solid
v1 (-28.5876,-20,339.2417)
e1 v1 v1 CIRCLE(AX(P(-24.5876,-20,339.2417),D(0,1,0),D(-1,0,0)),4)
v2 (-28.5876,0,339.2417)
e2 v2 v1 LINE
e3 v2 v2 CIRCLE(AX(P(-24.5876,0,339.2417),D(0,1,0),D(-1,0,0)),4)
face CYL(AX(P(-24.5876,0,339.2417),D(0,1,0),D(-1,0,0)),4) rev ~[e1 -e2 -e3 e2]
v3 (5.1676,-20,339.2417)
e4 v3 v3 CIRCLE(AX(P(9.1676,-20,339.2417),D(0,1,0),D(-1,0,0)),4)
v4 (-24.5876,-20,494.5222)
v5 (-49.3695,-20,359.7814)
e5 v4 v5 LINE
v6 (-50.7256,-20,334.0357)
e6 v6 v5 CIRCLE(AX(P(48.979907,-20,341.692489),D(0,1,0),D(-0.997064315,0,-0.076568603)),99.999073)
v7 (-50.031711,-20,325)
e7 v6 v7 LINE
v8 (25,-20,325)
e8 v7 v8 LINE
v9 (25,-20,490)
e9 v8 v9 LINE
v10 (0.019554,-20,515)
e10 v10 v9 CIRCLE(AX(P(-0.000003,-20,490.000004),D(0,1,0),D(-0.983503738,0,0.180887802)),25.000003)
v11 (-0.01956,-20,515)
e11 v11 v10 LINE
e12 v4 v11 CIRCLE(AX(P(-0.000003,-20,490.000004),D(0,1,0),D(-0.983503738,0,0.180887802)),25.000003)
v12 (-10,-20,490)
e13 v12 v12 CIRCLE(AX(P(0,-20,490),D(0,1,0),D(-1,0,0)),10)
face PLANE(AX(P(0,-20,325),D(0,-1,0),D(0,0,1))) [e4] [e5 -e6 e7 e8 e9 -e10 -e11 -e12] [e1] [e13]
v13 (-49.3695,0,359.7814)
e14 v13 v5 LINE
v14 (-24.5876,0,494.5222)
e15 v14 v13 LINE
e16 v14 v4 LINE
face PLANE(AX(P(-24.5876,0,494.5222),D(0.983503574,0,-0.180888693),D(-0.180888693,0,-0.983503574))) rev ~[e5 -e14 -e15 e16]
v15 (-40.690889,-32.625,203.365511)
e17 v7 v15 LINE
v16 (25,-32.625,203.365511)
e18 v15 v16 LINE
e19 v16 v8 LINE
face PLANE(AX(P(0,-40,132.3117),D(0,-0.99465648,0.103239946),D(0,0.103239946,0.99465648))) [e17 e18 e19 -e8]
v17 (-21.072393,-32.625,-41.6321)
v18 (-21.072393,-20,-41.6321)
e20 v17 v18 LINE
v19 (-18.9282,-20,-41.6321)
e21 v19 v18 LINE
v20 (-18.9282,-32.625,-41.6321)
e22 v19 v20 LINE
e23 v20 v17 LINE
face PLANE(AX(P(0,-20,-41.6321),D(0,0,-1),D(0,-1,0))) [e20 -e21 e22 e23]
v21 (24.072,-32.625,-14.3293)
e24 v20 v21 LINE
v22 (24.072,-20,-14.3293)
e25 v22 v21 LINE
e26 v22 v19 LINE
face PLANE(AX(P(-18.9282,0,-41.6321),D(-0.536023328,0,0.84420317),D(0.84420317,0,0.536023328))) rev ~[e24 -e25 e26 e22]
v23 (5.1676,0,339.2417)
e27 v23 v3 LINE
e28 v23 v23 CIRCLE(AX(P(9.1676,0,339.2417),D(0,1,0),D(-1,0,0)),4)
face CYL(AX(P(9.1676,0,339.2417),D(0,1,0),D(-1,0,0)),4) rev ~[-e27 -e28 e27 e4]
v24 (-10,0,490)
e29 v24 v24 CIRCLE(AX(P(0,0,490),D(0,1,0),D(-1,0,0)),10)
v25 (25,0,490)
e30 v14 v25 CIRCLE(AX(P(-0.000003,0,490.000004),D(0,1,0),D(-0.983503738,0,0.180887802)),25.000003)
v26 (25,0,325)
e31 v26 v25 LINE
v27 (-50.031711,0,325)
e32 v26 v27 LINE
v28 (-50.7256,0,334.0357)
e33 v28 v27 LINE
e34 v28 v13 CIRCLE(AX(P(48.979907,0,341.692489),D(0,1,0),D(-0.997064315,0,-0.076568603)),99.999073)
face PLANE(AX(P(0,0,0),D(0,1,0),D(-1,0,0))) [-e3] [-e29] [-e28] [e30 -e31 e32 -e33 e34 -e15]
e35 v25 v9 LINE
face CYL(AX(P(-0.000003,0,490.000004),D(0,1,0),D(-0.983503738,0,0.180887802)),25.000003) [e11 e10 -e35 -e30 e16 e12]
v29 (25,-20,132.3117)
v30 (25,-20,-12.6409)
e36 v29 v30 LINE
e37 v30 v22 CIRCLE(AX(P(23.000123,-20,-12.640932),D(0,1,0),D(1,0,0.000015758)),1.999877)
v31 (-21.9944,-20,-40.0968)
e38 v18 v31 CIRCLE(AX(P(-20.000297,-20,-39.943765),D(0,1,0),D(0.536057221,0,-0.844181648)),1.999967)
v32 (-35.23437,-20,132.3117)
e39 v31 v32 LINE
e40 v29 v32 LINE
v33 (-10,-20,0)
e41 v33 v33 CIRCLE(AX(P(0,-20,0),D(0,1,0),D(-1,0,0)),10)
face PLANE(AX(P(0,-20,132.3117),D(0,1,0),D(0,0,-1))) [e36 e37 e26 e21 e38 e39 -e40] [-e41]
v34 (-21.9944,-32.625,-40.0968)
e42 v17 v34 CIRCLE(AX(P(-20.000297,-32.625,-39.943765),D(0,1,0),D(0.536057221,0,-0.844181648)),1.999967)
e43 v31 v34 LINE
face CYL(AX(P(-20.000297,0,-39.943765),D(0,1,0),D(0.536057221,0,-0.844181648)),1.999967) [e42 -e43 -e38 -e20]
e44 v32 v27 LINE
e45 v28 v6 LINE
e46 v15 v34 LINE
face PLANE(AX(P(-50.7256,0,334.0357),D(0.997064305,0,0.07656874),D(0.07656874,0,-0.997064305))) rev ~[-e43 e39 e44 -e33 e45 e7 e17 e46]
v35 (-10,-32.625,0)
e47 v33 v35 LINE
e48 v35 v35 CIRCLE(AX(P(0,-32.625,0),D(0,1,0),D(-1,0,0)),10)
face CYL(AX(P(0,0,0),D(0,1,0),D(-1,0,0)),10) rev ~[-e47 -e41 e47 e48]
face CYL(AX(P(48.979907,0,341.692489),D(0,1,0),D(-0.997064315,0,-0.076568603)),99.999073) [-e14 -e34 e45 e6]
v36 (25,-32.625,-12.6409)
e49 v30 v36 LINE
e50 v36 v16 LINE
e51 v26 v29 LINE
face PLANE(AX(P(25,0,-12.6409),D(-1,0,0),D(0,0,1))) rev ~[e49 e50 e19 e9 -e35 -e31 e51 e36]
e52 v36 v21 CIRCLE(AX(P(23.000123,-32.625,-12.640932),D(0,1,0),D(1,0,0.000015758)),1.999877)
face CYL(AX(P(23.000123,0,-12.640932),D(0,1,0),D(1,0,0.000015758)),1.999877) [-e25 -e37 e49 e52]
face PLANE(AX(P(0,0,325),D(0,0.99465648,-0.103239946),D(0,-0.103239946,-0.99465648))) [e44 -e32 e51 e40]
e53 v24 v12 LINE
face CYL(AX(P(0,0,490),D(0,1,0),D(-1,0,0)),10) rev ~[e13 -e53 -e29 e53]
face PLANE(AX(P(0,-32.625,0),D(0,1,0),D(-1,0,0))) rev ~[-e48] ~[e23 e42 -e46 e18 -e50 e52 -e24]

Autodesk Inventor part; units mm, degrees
ref_plane "YZ Plane" through (0, 0, 0) normal (1, 0, 0) x (0, 1, 0)
ref_plane "XZ Plane" through (0, 0, 0) normal (0, 1, 0) x (-1, 0, 0)
ref_plane "XY Plane" through (0, 0, 0) normal (0, 0, 1) x (1, 0, 0)
sketch "Sketch2" plane through (0, 0, 0) normal (0, 1, 0) x (-1, 0, 0)
  circle A0 centre (0, 490) radius 10
  circle A1 centre (0, 0) radius 10
  line L0 (24.5876, 494.5222) -> (49.3695, 359.7814)
  line L1 (50.7256, 334.0357) -> (21.9944, -40.0968)
  line L2 (18.9282, -41.6321) -> (-24.072, -14.3293)
  line L3 (-25, -12.6409) -> (-25, 490)
  arc A2 (24.5876, 494.5222) -> (-25, 490) centre (0, 490) ccw
  line L4 (0, -154.4311) -> (0, 629.0893) construction
  arc A3 (18.9282, -41.6321) -> (21.9944, -40.0968) centre (20.0003, -39.9437) ccw
  arc A4 (-25, -12.6409) -> (-24.072, -14.3293) centre (-23, -12.6409) ccw
  arc A5 (50.7256, 334.0357) -> (49.3695, 359.7814) centre (-48.9808, 341.6925) ccw
  line L5 (-17, 19.4683) -> (-17, 467.2676)
  line L6 (43.2667, 341.388) -> (18.4452, 18.1672)
  line L7 (15.4511, 16.5882) -> (5, 22.6222)
  line L8 (4, 24.3542) -> (4, 456.3028)
  line L9 (4.5133, 457.6406) -> (17.3407, 471.896)
  line L10 (-13.6891, 468.7781) -> (-4.6891, 460.9668)
  line L11 (-4, 459.4563) -> (-4, 27.5077)
  line L12 (-4.6676, 26.0162) -> (-13.6676, 17.9767)
  line L13 (-69.1212, 0) -> (71.8613, 0) construction
  line L14 (20.7944, 470.92) -> (42.7242, 351.6863)
  arc A6 (43.2667, 341.388) -> (42.7242, 351.6863) centre (3.3841, 344.4507) ccw
  arc A7 (-17, 19.4683) -> (-13.6676, 17.9767) centre (-15, 19.4683) ccw
  arc A8 (-4.6676, 26.0162) -> (-4, 27.5077) centre (-6, 27.5077) ccw
  arc A9 (4, 24.3542) -> (5, 22.6222) centre (6, 24.3542) ccw
  arc A10 (15.4511, 16.5882) -> (18.4452, 18.1672) centre (16.4511, 18.3203) ccw
  arc A11 (4.5133, 457.6406) -> (4, 456.3028) centre (6, 456.3028) ccw
  arc A12 (20.7944, 470.92) -> (17.3407, 471.896) centre (18.8274, 470.5582) ccw
  arc A13 (-13.6891, 468.7781) -> (-17, 467.2676) centre (-15, 467.2676) ccw
  arc A14 (-4, 459.4563) -> (-4.6891, 460.9668) centre (-6, 459.4563) ccw
  circle A15 centre (24.5876, 339.2417) radius 4
  circle A16 centre (-9.1676, 339.2417) radius 4
  point P0 (51.7209, 346.9967)
  point P1 (-17, 15)
  point P2 (18.202, 15)
  dimension "d0" = 20
  dimension "d1" = 20
  dimension "d2" = 490
  dimension "d3" = 15
  dimension "d4" = 10.421
  dimension "d6" = 25
  dimension "d7" = 25
  dimension "d8" = 25
  dimension "d9" = 150
  dimension "d10" = 2
  dimension "d11" = 100
  dimension "d14" = 15
  dimension "d15" = 15
  dimension "d16" = 8
  dimension "d18" = 8
  dimension "d19" = 8
  dimension "d20" = 60
  dimension "d21" = 40
  dimension "d22" = 8
  dimension "d23" = 25
  dimension "d24" = 25
  dimension "d25" = 2
  dimension "d28" = 8
extrude "Extrusion1" add sketch "Sketch2" against normal blind 32.625 contours L0 A5 L1 A3 L2 A4 L3 A2 | L5 A13 L10 A14 L11 A8 L12 A7 | L6 A10 L7 A9 L8 A11 L9 A12 L14 A6
extrude "Extrusion2" [suppressed]
sketch "Sketch3" plane through (0, 0, 0) normal (1, 0, 0) x (0, 1, 0)
  line L0 (0, -41.6321) -> (-32.625, -41.6321) construction
  line L1 (-32.625, 515) -> (-32.625, 490) construction
  line L2 (0, 490) -> (0, 515) construction
  line L3 (0, 515) -> (0, 325)
  line L4 (0, 325) -> (-20, 132.3117)
  line L5 (-20, 132.3117) -> (-20, -41.6321)
  line L6 (-20, -41.6321) -> (-40, -41.6321)
  line L7 (-40, -41.6321) -> (-40, 132.3117)
  line L8 (-40, 132.3117) -> (-20, 325)
  line L9 (-20, 325) -> (-20, 515)
  line L10 (-20, 515) -> (0, 515)
  point P0 (0, 0)
  point P1 (-32.625, 494.5222)
  point P2 (0, 494.5222)
  dimension "d11" = 100
  dimension "d29" = 20
  dimension "d30" = 190
  dimension "d31" = 20
extrude "Extrusion3" cut sketch "Sketch3" along normal through all both and the other way through all keep common part
equation "\"d1\" = d0"
equation "\"d6\" = 0.5 * d1 + d3"
equation "\"d7\" = d6"
equation "\"d8\" = d6"
equation "\"d15\" = d14"
equation "\"d18\" = d16"
equation "\"d19\" = d16"
equation "\"d22\" = d16"
equation "\"d23\" = 0.5 * d0 + d3"
equation "\"d24\" = d23"
properties part number "Profile_Straight" material "Aluminum 6061"
